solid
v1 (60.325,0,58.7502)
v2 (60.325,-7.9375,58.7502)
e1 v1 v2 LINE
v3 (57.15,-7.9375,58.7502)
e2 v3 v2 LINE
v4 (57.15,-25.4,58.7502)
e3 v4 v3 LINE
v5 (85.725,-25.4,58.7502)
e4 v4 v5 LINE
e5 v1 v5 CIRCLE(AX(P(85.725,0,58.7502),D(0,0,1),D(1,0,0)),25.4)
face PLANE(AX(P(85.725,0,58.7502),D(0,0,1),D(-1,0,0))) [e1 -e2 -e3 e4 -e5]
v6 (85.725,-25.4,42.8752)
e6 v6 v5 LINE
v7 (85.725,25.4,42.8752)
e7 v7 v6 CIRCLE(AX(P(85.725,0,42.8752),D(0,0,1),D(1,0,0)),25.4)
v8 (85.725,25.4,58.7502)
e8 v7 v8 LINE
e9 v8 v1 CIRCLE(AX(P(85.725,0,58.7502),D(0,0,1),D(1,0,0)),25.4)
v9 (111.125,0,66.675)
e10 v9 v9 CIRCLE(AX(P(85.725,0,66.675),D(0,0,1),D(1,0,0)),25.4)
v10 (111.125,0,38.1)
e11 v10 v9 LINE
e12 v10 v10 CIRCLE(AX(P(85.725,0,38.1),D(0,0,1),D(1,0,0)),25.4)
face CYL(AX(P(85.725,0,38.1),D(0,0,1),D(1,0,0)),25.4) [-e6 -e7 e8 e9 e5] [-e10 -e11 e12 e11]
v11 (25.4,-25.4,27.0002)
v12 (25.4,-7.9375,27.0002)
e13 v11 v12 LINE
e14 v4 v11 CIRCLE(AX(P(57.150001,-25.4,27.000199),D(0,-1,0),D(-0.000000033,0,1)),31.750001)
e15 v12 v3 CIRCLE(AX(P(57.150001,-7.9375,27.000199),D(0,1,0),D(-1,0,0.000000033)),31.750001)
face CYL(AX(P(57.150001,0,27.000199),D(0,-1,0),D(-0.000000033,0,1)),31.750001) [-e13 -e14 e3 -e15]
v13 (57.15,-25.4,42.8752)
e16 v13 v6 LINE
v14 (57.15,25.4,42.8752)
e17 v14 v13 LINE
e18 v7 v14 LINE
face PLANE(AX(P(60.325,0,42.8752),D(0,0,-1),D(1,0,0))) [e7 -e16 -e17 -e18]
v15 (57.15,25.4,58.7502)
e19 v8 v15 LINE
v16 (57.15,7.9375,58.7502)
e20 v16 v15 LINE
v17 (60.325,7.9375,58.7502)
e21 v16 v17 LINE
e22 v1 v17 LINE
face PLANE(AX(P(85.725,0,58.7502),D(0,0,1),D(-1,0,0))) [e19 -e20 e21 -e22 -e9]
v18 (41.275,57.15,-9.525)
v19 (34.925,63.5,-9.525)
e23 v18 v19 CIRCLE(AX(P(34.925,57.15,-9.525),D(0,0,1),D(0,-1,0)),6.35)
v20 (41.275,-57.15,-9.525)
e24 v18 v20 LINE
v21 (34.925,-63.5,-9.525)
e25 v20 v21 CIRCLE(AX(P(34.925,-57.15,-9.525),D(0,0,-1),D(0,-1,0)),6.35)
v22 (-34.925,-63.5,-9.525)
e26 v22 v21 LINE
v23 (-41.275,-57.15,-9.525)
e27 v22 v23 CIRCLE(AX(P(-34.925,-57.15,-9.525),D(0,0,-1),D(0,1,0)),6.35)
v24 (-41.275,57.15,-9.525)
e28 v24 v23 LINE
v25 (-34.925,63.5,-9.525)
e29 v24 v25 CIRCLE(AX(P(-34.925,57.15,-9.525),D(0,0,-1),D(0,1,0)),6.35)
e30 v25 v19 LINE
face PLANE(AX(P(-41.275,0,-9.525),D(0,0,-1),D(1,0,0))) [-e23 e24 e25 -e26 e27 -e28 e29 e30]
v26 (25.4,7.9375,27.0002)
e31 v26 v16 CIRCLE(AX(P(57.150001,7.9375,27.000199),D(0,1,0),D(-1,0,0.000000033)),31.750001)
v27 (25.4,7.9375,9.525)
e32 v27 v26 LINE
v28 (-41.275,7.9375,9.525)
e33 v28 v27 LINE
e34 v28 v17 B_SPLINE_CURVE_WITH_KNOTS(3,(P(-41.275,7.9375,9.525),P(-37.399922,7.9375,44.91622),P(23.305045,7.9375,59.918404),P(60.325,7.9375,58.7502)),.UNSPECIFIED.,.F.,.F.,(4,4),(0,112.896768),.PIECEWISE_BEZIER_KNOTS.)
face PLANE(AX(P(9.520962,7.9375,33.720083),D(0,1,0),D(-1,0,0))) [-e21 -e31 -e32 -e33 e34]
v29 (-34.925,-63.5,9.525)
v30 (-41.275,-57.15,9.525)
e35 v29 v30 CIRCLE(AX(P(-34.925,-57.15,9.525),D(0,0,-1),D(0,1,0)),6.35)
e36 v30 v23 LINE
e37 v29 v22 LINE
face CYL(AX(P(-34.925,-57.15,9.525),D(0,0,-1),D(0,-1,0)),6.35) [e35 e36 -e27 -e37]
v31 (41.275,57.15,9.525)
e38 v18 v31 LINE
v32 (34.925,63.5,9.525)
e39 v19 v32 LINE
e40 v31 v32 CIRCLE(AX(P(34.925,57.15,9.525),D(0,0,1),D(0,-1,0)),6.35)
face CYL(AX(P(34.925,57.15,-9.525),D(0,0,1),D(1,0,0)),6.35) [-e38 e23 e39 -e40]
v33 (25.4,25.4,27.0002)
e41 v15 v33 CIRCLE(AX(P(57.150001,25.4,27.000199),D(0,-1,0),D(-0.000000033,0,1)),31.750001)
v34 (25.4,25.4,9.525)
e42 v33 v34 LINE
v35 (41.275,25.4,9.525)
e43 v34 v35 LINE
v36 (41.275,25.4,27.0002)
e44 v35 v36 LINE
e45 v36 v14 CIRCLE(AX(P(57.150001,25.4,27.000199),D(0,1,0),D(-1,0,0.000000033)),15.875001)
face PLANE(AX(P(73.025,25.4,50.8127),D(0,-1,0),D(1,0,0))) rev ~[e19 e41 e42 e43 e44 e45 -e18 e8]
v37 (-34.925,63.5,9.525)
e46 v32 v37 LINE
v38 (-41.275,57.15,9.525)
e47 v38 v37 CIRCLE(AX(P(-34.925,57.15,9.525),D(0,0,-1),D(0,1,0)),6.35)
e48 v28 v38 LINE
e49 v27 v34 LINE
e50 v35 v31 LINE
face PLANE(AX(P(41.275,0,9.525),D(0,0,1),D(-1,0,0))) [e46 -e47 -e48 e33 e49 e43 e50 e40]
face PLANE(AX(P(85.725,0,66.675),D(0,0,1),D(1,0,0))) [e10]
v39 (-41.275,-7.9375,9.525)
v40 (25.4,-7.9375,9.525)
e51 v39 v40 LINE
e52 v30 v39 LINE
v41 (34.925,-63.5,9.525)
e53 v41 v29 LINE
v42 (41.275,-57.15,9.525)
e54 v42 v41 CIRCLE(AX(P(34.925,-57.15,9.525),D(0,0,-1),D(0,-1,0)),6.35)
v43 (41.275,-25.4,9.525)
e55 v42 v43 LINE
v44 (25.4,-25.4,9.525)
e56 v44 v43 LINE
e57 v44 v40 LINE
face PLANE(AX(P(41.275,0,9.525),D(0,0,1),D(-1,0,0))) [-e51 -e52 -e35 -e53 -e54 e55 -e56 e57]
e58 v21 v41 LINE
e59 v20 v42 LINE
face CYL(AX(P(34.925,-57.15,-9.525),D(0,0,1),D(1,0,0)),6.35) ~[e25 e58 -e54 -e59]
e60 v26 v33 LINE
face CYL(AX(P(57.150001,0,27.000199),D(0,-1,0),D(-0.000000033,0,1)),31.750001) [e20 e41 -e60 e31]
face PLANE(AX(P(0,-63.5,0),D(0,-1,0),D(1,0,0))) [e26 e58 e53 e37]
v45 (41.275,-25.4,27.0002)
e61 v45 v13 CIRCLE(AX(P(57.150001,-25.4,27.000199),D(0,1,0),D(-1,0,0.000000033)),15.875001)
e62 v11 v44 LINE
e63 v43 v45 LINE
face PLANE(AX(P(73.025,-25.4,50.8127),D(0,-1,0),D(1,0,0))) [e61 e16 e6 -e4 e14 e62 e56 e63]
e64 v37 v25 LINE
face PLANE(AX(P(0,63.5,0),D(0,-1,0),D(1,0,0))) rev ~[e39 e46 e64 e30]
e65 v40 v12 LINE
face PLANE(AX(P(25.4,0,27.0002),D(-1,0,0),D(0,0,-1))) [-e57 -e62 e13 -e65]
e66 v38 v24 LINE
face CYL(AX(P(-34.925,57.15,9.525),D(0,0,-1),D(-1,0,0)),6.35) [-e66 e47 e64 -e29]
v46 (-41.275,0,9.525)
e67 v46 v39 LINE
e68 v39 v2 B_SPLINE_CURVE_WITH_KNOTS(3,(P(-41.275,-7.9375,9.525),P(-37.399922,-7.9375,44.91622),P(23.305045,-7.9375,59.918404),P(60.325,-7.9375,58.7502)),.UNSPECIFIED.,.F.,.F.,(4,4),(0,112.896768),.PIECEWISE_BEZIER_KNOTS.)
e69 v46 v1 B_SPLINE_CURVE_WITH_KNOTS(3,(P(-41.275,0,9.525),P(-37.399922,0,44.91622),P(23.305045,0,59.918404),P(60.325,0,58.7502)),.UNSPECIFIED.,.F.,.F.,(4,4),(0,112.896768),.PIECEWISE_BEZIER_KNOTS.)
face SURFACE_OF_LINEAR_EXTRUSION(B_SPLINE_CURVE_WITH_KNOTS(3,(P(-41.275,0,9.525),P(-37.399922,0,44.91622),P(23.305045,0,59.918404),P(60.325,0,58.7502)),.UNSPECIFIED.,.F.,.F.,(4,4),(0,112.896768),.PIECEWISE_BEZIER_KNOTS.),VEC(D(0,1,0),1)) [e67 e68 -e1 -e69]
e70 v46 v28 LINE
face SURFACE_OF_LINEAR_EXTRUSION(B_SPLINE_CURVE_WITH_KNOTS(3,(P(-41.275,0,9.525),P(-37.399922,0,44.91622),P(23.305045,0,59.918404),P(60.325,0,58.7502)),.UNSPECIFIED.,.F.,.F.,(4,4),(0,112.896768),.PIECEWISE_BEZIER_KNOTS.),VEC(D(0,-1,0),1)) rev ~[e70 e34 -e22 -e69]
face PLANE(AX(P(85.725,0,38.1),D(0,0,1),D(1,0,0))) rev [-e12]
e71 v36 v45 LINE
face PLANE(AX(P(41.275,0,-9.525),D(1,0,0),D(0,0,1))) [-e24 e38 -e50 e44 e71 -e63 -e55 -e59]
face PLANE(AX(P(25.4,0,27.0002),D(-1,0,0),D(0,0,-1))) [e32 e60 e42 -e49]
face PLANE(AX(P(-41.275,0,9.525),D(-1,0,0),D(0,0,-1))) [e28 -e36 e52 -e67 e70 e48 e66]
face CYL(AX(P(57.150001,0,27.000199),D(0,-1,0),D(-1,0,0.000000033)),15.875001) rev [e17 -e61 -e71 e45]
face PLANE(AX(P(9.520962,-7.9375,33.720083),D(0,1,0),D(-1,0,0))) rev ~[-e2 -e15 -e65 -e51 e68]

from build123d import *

# Parameters (mm, degrees)
F1_DEPTH = 63.5
F2_DEPTH = 7.9375
F3_DEPTH = 25.4
F4_DEPTH = 25.4
F6_R     = 6.35


with BuildPart() as f1:
    # F0 (on Front) → F1 (new body, symmetric)
    with BuildSketch(Plane.XZ):
        Polygon((-41.275, 9.525), (-41.275, -9.525), (41.275, -9.525), (41.275, 9.525), (25.4, 9.525), align=None)
    extrude(amount=F1_DEPTH, both=True)

    # F0 (on Front) → F2 (join, symmetric)
    with BuildSketch(Plane.XZ):
        with BuildLine():
            add(Edge.make_bspline(
                [(-41.275, 9.525), (-37.399922, 44.91622), (23.305045, 59.918404), (60.325, 58.7502)],
                knots=[0, 0, 0, 0, 112.896768, 112.896768, 112.896768, 112.896768], degree=3))
            Line((-41.275, 9.525), (25.4, 9.525))
            Line((25.4, 9.525), (25.4, 27.0002))
            ThreePointArc((25.4, 27.0002), (34.69936, 49.45084), (57.15, 58.7502))
            Line((57.15, 58.7502), (60.325, 58.7502))
        make_face()
    extrude(amount=F2_DEPTH, both=True)

    # F0 (on Front) → F3 (join, symmetric)
    with BuildSketch(Plane.XZ):
        with BuildLine():
            Line((25.4, 9.525), (41.275, 9.525))
            Line((41.275, 9.525), (41.275, 27.0002))
            ThreePointArc((41.275, 27.0002), (45.92468, 38.22552), (57.15, 42.8752))
            Line((57.15, 42.8752), (60.325, 42.8752))
            Line((60.325, 42.8752), (60.325, 58.7502))
            Line((60.325, 58.7502), (57.15, 58.7502))
            ThreePointArc((57.15, 58.7502), (34.69936, 49.45084), (25.4, 27.0002))
            Line((25.4, 27.0002), (25.4, 9.525))
        make_face()
    extrude(amount=F3_DEPTH, both=True)

    # F0 (on Front) → F4 (join, symmetric)
    with BuildSketch(Plane.XZ):
        Polygon((80.22992, 58.7502), (60.325, 58.7502), (60.325, 42.8752), (80.22992, 42.8752), (85.725, 42.8752), (85.725, 58.7502), align=None)
    extrude(amount=F4_DEPTH, both=True)

    # F0 (on Front) → F5 (revolve)
    with BuildSketch(Plane.XZ):
        Polygon((111.125, 66.675), (85.725, 66.675), (85.725, 58.7502), (85.725, 42.8752), (85.725, 38.1), (111.125, 38.1), align=None)
    revolve(axis=Axis((85.725, 0, 52.3875), (0, 0, 1)))

    # F6
    f6_edges = [f1.edges().sort_by_distance(p)[0] for p in [
        (41.275, -63.5, 0),
        (-41.275, -63.5, 0),
        (41.275, 63.5, 0),
        (-41.275, 63.5, 0),
    ]]
    fillet(f6_edges, radius=F6_R)


solid = f1.part
